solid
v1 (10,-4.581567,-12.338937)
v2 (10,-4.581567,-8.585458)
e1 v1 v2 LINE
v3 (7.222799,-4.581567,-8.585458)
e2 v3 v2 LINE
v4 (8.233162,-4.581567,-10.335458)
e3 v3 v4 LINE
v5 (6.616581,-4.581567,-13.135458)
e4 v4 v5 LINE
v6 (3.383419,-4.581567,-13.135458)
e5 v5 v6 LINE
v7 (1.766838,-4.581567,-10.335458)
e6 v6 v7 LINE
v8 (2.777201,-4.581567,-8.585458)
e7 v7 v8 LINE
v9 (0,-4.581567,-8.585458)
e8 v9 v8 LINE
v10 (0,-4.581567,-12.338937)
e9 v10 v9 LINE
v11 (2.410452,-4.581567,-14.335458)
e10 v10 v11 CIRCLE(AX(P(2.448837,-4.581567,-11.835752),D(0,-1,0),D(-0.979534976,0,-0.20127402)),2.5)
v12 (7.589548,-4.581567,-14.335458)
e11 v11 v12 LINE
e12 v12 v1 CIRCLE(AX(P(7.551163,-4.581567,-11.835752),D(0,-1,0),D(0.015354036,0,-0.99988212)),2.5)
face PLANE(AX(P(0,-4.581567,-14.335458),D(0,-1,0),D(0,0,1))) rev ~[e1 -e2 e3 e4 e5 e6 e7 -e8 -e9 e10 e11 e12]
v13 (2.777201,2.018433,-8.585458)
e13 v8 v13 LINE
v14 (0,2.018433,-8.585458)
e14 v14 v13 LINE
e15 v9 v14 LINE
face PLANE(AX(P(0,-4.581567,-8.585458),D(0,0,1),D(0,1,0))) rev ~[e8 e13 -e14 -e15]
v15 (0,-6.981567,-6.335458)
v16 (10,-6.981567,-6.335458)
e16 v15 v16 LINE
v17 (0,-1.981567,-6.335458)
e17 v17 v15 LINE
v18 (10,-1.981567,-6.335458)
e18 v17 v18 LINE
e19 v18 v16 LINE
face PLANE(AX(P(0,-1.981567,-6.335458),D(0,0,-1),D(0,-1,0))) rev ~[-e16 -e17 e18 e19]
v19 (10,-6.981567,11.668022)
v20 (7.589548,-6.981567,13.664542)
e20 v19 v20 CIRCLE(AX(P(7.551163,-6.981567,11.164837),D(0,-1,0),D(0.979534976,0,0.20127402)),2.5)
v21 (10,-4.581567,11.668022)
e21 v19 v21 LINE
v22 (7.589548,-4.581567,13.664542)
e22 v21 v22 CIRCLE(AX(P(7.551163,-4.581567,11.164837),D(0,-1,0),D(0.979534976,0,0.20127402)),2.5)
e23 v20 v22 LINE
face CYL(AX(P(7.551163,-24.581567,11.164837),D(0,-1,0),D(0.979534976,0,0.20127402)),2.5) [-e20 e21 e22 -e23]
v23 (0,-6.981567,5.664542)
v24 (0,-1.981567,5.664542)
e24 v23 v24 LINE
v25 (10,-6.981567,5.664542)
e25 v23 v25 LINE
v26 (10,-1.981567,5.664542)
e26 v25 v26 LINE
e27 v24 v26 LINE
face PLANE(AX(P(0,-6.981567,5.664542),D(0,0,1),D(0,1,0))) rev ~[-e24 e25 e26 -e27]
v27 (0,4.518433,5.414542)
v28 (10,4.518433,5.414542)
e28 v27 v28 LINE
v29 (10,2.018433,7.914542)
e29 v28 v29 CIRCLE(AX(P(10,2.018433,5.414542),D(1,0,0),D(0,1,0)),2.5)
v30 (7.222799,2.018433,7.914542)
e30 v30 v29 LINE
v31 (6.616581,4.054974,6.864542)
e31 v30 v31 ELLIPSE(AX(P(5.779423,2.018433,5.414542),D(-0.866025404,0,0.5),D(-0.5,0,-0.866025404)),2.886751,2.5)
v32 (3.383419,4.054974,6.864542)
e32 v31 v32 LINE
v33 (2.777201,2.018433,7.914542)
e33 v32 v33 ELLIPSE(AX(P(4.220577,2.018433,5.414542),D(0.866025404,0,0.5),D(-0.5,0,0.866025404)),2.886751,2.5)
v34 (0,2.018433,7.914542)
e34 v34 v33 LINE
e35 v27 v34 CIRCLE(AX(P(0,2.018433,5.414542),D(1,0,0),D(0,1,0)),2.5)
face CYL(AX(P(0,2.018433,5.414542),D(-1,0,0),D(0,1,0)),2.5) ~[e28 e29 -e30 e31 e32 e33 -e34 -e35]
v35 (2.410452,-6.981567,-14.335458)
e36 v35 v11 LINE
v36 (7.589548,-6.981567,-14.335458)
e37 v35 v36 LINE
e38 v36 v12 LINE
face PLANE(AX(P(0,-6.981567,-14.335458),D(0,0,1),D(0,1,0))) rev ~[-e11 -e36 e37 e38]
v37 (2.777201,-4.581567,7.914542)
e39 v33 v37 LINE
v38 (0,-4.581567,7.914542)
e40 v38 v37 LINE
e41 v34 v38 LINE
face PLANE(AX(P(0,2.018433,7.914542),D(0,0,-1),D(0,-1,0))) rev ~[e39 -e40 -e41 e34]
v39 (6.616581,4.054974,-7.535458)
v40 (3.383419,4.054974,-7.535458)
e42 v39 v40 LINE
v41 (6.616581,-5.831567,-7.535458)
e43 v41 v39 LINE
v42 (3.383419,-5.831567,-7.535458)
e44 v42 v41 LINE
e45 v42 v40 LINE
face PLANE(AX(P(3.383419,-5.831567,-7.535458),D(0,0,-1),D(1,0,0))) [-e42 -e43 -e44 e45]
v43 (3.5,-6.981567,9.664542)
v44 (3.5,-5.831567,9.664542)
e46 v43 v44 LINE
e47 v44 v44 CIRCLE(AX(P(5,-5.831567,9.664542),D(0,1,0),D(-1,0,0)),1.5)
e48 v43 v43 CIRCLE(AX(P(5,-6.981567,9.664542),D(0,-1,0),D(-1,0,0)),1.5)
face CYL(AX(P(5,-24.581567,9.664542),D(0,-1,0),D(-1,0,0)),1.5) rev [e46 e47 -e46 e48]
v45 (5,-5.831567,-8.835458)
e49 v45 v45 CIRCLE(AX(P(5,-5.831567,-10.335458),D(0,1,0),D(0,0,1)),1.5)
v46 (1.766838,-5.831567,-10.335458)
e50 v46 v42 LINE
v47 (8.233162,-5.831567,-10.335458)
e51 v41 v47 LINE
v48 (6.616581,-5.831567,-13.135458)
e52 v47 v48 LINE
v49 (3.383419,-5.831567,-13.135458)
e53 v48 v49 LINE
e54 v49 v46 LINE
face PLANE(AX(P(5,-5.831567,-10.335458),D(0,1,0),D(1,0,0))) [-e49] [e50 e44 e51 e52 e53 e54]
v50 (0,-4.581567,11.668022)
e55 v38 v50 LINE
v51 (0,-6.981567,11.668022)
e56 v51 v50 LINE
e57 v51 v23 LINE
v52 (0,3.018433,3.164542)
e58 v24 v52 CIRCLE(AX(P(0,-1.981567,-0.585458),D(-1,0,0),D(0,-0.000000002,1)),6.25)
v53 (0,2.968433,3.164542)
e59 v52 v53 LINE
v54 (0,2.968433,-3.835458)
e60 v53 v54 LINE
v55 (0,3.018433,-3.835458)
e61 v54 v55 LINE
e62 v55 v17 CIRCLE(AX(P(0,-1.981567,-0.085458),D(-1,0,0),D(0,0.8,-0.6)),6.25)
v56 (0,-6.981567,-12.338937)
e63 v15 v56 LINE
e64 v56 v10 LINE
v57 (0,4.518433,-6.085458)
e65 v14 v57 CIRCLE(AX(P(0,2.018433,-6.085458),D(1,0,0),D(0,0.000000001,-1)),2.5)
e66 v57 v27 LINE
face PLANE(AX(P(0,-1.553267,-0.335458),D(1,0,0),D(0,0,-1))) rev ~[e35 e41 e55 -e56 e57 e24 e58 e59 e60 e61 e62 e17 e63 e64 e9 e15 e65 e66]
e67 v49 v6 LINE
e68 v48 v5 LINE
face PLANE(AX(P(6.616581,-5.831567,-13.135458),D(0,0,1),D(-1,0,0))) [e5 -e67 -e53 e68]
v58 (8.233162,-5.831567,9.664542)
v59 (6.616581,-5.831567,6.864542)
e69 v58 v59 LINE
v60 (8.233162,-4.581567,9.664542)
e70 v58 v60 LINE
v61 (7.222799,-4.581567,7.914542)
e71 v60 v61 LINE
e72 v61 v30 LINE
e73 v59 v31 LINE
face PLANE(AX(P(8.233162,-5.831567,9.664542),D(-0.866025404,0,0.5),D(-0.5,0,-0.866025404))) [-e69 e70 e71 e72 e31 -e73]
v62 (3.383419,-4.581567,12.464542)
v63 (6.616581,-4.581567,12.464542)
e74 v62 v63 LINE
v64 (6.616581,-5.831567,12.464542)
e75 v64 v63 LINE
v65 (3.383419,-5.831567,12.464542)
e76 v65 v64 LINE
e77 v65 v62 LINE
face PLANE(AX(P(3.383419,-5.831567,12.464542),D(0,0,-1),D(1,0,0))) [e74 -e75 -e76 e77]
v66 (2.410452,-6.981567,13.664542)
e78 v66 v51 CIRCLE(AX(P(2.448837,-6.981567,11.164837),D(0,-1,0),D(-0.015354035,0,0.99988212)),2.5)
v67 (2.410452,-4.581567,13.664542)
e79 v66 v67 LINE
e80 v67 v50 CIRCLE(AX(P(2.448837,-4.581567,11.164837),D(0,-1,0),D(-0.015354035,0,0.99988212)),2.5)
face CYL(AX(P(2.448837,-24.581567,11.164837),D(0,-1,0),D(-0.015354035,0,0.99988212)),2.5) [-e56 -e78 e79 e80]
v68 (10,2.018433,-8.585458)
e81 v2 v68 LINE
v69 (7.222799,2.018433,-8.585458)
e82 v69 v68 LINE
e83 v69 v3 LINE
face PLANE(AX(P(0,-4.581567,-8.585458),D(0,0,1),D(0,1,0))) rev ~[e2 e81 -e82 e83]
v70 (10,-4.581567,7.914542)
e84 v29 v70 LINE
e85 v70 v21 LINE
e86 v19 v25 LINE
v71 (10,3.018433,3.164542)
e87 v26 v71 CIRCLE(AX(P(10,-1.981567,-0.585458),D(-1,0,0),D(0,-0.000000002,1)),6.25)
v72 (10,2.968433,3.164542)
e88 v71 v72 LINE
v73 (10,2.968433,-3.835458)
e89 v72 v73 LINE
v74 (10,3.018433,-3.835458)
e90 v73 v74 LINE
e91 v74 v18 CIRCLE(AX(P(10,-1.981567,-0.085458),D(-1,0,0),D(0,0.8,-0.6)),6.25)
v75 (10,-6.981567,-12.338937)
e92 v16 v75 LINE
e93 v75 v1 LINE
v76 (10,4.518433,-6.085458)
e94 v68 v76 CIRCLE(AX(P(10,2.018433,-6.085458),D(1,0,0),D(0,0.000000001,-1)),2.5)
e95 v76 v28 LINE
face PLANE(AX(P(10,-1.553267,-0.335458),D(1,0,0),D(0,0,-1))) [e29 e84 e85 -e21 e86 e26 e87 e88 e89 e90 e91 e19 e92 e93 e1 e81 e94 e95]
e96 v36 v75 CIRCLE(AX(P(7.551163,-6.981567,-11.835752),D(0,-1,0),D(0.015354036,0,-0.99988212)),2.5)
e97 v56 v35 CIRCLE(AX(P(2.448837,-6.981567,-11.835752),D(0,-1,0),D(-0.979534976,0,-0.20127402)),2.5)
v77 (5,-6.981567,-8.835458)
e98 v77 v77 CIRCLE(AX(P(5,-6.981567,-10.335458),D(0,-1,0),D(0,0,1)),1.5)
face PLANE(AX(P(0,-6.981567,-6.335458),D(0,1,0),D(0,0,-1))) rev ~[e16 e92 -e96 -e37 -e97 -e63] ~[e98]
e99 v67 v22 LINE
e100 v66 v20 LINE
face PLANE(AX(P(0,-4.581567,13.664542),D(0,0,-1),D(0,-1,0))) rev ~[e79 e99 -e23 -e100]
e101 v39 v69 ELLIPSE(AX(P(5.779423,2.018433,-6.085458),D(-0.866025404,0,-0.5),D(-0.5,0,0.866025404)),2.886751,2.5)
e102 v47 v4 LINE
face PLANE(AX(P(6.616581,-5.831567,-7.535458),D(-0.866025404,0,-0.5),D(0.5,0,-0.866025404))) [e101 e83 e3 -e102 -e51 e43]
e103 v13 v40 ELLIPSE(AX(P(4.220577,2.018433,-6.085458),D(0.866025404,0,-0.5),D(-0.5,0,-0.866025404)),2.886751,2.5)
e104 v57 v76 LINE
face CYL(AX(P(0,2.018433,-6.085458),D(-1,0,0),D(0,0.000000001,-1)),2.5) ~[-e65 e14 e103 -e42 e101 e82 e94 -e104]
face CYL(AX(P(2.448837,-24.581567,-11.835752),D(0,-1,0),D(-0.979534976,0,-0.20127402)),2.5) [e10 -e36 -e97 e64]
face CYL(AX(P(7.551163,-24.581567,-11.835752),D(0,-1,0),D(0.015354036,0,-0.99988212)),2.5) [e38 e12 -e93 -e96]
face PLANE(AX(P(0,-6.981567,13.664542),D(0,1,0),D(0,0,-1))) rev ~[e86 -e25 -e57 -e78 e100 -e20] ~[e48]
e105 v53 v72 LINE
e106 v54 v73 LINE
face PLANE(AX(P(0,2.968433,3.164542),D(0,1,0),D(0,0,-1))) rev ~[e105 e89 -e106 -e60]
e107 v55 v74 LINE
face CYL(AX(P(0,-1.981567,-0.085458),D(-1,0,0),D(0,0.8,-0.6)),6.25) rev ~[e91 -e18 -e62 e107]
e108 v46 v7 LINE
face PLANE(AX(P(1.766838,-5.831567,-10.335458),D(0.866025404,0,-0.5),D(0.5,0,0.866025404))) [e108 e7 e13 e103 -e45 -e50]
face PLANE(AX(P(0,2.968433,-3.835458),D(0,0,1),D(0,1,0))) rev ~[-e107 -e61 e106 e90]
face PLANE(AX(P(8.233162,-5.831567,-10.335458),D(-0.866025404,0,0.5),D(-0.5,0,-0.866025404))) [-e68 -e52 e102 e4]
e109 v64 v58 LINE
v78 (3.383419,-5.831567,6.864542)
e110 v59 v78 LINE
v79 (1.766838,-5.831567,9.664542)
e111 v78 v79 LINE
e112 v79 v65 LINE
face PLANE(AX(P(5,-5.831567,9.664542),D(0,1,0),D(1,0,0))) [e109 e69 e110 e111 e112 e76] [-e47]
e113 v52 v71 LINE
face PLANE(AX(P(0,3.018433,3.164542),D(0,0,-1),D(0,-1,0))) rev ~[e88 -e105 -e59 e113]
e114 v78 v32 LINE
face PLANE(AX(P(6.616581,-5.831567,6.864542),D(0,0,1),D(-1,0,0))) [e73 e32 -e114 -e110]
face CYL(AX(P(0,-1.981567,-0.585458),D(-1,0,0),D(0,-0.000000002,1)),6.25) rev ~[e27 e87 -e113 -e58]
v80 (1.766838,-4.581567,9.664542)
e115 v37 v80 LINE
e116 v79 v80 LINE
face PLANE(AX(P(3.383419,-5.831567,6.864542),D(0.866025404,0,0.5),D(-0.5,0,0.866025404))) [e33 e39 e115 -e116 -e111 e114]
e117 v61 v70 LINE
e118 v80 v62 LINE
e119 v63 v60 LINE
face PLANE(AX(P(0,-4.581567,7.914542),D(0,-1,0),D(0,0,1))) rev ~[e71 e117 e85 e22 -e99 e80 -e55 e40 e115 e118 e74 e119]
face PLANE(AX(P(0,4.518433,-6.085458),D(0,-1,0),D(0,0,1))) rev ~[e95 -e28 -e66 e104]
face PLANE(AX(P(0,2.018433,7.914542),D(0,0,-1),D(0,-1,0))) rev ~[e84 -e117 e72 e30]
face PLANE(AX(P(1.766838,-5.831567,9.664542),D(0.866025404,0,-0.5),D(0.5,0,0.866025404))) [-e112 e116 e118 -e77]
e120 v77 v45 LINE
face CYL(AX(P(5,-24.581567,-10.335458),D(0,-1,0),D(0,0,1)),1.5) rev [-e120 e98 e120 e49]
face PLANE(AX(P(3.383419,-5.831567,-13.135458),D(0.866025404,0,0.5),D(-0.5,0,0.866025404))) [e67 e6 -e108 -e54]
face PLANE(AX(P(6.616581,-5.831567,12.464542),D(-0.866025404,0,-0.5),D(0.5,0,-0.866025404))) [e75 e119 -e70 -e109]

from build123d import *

# Parameters (mm, degrees)
BOSS_EXTRUDE1_DEPTH     = 10
CUT_EXTRUDE1_DEPTH      = 25
CUT_EXTRUDE1_DEPTH_BACK = 1.25
SKETCH2_R               = 1.5
CUT_EXTRUDE2_START      = -20
SKETCH6_R               = 1.5
CUT_EXTRUDE2_DEPTH      = 20


with BuildPart() as part:
    # Sketch1 → Boss-Extrude1 (new body)
    with BuildSketch(Plane(origin=(0, 0, 0), x_dir=(0, 0, -1), z_dir=(1, 0, 0))):
        with BuildLine():
            ThreePointArc((-5.414542326, 4.518432939), (-7.182309279, 3.786199892), (-7.914542326, 2.018432939))
            Line((-7.914542326, 2.018432939), (-7.914542326, -4.581567061))
            Line((-7.914542326, -4.581567061), (-13.664542326, -4.581567061))
            Line((-13.664542326, -4.581567061), (-13.664542326, -6.981567061))
            Line((-13.664542326, -6.981567061), (-5.664542326, -6.981567061))
            Line((-5.664542326, -6.981567061), (-5.664542326, -1.981567074))
            ThreePointArc((-5.664542326, -1.981567074), (-5.004712273, 0.813517905), (-3.164542326, 3.018432939))
            Line((-3.164542326, 3.018432939), (-3.164542326, 2.968432939))
            Line((-3.164542326, 2.968432939), (3.835457674, 2.968432939))
            Line((3.835457674, 2.968432939), (3.835457674, 3.018432939))
            ThreePointArc((3.835457674, 3.018432939), (5.675627611, 0.813517924), (6.335457674, -1.981567032))
            Line((6.335457674, -1.981567032), (6.335457674, -6.981567061))
            Line((6.335457674, -6.981567061), (14.335457674, -6.981567061))
            Line((14.335457674, -6.981567061), (14.335457674, -4.581567061))
            Line((14.335457674, -4.581567061), (8.585457674, -4.581567061))
            Line((8.585457674, -4.581567061), (8.585457674, 2.018432939))
            ThreePointArc((8.585457674, 2.018432939), (7.853224626, 3.786199892), (6.085457674, 4.518432939))
            Line((6.085457674, 4.518432939), (-5.414542326, 4.518432939))
        make_face()
    extrude(amount=BOSS_EXTRUDE1_DEPTH)

    # Sketch2 → Cut-Extrude1 (cut, two sides: drawn at the far end of the back side and taken through both)
    # profile 1 of 2: a face of its own
    with BuildSketch(Plane(origin=(0, -4.581567061, 0), x_dir=(1, 0, 0), z_dir=(0, 1, 0)).offset(-CUT_EXTRUDE1_DEPTH_BACK)):
        Polygon((8.233161507, 10.335457674), (6.616580754, 13.135457674), (3.383419246, 13.135457674), (1.766838493, 10.335457674), (3.383419246, 7.535457674), (6.616580754, 7.535457674), align=None)
        with Locations((5, 10.335457674)):
            Circle(SKETCH2_R, mode=Mode.SUBTRACT)
    # profile 2 of 2: a face of its own
    with BuildSketch(Plane(origin=(0, -4.581567061, 0), x_dir=(1, 0, 0), z_dir=(0, 1, 0)).offset(-CUT_EXTRUDE1_DEPTH_BACK)):
        Polygon((8.233161507, -9.664542326), (6.616580754, -6.864542326), (3.383419246, -6.864542326), (1.766838493, -9.664542326), (3.383419246, -12.464542326), (6.616580754, -12.464542326), align=None)
        with Locations((5, -9.664542326)):
            Circle(SKETCH2_R, mode=Mode.SUBTRACT)
    extrude(amount=CUT_EXTRUDE1_DEPTH + CUT_EXTRUDE1_DEPTH_BACK, mode=Mode.SUBTRACT)

    # Sketch6 → Cut-Extrude2 (cut)
    with BuildSketch(Plane(origin=(0, -4.581567061, 0), x_dir=(1, 0, 0), z_dir=(0, 1, 0)).offset(CUT_EXTRUDE2_START)):
        with BuildLine():
            Line((2.410452351, 14.335457674), (0, 14.335457674))
            Line((0, 14.335457674), (0, 12.338937423))
            ThreePointArc((0, 12.338937423), (0.854129864, 13.761085526), (2.410452351, 14.335457674))
        make_face()
        with BuildLine():
            Line((10, 14.335457674), (7.589547649, 14.335457674))
            ThreePointArc((7.589547649, 14.335457674), (9.145870136, 13.761085526), (10, 12.338937423))
            Line((10, 12.338937423), (10, 14.335457674))
        make_face()
        with BuildLine():
            ThreePointArc((2.410452351, -13.664542326), (0.854129864, -13.090170179), (0, -11.668022076))
            Line((0, -11.668022076), (0, -13.664542326))
            Line((0, -13.664542326), (2.410452351, -13.664542326))
        make_face()
        with BuildLine():
            Line((10, -13.664542326), (10, -11.668022076))
            ThreePointArc((10, -11.668022076), (9.145870136, -13.090170179), (7.589547649, -13.664542326))
            Line((7.589547649, -13.664542326), (10, -13.664542326))
        make_face()
        with Locations((5, 10.335457674)):
            Circle(SKETCH6_R)
        with Locations((5, -9.664542326)):
            Circle(SKETCH6_R)
    extrude(amount=CUT_EXTRUDE2_DEPTH, mode=Mode.SUBTRACT)


solid = part.part
